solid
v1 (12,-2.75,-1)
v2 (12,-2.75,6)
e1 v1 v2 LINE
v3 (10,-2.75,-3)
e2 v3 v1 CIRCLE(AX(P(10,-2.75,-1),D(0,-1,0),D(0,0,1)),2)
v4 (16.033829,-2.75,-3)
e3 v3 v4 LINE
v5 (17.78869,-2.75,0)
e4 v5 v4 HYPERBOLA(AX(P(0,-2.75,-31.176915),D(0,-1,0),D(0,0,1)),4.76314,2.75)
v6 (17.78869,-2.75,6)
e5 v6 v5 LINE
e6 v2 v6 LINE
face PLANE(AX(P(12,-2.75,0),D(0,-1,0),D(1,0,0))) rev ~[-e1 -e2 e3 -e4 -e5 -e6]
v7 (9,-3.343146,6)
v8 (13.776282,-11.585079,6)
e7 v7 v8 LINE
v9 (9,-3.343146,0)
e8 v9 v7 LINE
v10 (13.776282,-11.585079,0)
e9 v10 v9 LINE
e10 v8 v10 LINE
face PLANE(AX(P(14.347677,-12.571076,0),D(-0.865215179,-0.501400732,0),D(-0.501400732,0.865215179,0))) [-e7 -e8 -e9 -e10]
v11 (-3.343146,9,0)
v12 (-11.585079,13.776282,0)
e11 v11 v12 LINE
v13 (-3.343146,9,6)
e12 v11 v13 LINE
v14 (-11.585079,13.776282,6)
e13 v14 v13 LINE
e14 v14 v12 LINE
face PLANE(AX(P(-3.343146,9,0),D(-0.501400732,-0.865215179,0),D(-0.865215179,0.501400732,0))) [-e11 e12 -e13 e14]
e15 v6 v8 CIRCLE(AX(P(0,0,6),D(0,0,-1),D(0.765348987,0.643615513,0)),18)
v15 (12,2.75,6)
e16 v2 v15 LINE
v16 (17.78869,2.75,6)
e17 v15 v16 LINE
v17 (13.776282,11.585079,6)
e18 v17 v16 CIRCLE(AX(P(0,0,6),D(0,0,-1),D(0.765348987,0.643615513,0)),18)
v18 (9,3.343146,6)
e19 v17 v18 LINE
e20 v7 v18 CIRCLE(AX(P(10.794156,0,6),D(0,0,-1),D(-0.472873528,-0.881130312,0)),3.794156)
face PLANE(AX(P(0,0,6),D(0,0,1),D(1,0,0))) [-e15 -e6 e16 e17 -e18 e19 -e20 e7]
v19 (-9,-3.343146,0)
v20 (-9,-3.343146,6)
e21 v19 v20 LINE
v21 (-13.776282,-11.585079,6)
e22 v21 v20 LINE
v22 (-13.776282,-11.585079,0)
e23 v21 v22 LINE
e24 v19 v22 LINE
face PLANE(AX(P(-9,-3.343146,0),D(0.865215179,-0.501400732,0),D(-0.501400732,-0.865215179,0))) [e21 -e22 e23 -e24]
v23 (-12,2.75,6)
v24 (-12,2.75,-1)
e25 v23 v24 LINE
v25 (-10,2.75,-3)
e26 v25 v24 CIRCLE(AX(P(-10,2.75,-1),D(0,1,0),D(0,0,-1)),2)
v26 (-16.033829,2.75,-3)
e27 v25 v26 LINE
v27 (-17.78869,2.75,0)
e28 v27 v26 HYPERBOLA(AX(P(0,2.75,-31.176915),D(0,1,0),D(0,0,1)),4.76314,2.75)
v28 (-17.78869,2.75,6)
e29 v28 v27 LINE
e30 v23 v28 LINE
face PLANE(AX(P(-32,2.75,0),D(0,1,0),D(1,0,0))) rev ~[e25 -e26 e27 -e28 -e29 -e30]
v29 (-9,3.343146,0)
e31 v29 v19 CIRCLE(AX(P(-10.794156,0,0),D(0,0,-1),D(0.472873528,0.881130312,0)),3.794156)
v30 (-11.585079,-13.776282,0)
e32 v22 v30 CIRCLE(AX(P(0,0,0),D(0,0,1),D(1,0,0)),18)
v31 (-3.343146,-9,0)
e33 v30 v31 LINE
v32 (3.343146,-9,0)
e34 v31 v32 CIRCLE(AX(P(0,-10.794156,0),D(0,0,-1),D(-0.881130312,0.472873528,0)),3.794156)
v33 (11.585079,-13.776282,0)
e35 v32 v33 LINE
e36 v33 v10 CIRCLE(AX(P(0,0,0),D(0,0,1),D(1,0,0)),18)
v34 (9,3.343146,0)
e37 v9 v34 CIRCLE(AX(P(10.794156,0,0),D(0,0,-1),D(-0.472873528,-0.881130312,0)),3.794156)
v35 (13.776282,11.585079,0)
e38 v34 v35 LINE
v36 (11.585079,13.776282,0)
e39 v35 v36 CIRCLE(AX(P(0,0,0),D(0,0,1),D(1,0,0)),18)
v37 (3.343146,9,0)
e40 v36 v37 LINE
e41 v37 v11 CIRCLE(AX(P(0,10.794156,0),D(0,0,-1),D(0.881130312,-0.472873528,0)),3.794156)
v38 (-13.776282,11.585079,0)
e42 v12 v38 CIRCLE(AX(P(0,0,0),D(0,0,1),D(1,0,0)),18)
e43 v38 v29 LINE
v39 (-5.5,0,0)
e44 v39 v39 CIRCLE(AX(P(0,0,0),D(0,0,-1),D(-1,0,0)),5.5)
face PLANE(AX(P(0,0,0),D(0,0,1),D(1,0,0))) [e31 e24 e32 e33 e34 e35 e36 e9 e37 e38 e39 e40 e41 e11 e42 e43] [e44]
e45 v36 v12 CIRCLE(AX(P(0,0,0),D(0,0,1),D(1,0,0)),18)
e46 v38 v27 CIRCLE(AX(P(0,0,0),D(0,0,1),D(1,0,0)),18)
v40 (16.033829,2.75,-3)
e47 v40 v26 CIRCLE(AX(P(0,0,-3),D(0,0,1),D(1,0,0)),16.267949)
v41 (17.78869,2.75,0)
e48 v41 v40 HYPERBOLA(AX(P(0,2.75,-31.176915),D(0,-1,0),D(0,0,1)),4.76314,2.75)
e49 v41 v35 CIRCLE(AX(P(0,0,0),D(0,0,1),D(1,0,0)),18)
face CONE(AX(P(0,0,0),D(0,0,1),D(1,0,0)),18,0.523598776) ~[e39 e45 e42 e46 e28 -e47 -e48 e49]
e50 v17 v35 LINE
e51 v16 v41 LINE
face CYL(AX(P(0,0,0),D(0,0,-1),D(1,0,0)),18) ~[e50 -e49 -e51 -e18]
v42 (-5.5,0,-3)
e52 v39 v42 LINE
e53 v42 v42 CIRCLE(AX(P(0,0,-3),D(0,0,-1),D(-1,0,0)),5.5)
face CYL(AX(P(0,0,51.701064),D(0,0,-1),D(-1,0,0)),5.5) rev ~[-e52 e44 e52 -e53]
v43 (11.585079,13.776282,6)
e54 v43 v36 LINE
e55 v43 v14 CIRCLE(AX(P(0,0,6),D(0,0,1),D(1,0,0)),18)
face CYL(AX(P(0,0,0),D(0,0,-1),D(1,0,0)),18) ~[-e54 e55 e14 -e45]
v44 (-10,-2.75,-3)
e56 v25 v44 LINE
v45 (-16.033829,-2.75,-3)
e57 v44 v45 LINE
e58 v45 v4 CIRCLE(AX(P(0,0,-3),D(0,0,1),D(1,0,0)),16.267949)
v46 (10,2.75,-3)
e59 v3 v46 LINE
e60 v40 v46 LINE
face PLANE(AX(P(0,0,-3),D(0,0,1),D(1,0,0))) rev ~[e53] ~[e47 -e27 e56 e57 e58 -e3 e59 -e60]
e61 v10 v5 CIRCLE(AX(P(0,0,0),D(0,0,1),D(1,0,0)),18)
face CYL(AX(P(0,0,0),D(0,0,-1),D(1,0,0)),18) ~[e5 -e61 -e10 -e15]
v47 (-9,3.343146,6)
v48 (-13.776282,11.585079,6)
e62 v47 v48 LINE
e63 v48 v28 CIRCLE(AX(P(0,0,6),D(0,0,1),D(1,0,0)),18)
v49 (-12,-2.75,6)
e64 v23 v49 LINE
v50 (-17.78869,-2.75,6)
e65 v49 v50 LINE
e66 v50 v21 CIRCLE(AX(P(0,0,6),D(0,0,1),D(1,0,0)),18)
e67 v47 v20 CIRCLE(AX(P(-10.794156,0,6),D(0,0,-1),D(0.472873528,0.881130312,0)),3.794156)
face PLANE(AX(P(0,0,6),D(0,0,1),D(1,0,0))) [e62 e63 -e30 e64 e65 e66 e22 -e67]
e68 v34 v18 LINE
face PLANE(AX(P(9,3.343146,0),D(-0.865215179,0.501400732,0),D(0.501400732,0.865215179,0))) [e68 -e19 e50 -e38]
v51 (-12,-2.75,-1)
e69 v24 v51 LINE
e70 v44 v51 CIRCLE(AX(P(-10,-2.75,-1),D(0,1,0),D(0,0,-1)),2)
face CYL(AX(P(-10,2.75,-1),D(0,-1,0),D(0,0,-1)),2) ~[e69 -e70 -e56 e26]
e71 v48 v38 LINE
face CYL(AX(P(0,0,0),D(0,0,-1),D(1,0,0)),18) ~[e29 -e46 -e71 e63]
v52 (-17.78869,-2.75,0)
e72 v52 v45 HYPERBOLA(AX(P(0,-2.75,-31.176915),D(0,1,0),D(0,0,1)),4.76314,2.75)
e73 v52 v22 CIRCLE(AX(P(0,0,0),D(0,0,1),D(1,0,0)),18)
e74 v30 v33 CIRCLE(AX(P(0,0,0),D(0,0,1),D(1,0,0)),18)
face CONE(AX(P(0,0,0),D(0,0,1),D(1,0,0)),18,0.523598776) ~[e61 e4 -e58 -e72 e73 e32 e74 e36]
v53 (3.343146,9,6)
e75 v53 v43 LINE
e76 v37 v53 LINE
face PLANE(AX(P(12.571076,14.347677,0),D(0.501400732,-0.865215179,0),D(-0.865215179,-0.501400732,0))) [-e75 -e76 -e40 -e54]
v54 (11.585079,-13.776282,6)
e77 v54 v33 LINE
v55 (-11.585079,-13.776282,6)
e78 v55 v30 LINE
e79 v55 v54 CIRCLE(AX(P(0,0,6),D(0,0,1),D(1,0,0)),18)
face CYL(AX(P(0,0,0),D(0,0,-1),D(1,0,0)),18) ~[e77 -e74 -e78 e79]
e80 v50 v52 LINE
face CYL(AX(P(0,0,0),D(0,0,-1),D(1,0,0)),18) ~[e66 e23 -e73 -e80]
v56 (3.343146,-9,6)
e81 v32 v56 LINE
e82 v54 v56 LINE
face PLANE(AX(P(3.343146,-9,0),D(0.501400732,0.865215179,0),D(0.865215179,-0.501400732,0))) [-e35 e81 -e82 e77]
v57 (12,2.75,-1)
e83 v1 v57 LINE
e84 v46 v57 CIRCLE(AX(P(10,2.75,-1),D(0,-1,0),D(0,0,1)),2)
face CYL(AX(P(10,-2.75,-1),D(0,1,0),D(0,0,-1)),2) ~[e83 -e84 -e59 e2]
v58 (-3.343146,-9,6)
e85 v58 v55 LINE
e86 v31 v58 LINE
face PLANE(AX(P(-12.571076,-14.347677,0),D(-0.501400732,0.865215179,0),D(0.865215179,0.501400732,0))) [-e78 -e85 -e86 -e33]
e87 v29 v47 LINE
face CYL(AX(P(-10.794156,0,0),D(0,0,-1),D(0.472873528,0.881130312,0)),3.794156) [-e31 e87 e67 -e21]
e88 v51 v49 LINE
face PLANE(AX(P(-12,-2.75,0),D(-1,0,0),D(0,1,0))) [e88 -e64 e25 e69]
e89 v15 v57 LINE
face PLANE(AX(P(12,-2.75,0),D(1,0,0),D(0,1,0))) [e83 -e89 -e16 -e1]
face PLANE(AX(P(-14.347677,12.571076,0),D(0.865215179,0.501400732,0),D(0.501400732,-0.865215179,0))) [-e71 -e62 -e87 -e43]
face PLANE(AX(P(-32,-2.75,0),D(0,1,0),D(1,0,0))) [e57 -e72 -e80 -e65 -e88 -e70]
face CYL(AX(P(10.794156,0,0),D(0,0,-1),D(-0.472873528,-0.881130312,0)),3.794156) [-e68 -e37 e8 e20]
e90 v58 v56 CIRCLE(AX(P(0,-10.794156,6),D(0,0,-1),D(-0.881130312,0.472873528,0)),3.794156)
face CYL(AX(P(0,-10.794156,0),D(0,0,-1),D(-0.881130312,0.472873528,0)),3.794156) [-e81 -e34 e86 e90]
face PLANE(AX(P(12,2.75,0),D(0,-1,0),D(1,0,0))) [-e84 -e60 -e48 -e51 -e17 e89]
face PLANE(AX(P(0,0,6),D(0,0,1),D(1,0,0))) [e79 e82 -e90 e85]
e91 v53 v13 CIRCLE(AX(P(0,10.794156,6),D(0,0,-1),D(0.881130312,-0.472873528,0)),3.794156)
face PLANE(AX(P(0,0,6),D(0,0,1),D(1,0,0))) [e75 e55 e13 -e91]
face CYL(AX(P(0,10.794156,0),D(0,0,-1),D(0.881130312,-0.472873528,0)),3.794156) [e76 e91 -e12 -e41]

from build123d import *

# Parameters (mm, degrees)
F0_R          = 18
F1_DEPTH      = 6
F1_DEPTH_BACK = 3
F1_TAPER_BACK = 30
F3_DEPTH      = 6.001
F5_D          = 11
F6_W          = 20
F6_H          = 5.5
F7_DEPTH      = 12.5
F8_R          = 2


with BuildPart() as f1:
    # F0 (on Top) → F1 (new body, two sides)
    with BuildSketch(Plane.XY) as f1_sk:
        Circle(F0_R)
    extrude(amount=F1_DEPTH)
    extrude(f1_sk.sketch, amount=-F1_DEPTH_BACK, taper=F1_TAPER_BACK)

    # F2 (on Top) → F3 (cut, through all)
    with BuildSketch(Plane.XY):
        with BuildLine():
            Line((-3.3431457505, 9), (-12.571075856, 14.3476765405))
            ThreePointArc((-12.571075856, 14.3476765405), (-14.1421356237, 14.1421356237), (-14.3476765405, 12.571075856))
            Line((-14.3476765405, 12.571075856), (-9, 3.3431457505))
            ThreePointArc((-9, 3.3431457505), (-7, 0), (-9, -3.3431457505))
            Line((-9, -3.3431457505), (-14.3476765405, -12.571075856))
            ThreePointArc((-14.3476765405, -12.571075856), (-14.1421356237, -14.1421356237), (-12.571075856, -14.3476765405))
            Line((-12.571075856, -14.3476765405), (-3.3431457505, -9))
            ThreePointArc((-3.3431457505, -9), (0, -7), (3.3431457505, -9))
            Line((3.3431457505, -9), (12.571075856, -14.3476765405))
            ThreePointArc((12.571075856, -14.3476765405), (14.1421356237, -14.1421356237), (14.3476765405, -12.571075856))
            Line((14.3476765405, -12.571075856), (9, -3.3431457505))
            ThreePointArc((9, -3.3431457505), (7, 0), (9, 3.3431457505))
            Line((9, 3.3431457505), (14.3476765405, 12.571075856))
            ThreePointArc((14.3476765405, 12.571075856), (14.1421356237, 14.1421356237), (12.571075856, 14.3476765405))
            Line((12.571075856, 14.3476765405), (3.3431457505, 9))
            ThreePointArc((3.3431457505, 9), (0, 7), (-3.3431457505, 9))
        make_face()
    extrude(amount=F3_DEPTH, mode=Mode.SUBTRACT)

    # F5 (through all)
    with Locations(Plane.XY):
        with Locations((0, 0)):
            Hole(F5_D / 2)

    # F6 (on Top) → F7 (cut, symmetric)
    with BuildSketch(Plane.XY):
        with Locations((-22, 0)):
            Rectangle(F6_W, F6_H)
        with Locations((22, 0)):
            Rectangle(F6_W, F6_H)
    extrude(amount=F7_DEPTH, both=True, mode=Mode.SUBTRACT)

    # F8
    f8_edges = [f1.edges().sort_by_distance(p)[0] for p in [
        (-12, 0, -3),
        (12, 0, -3),
    ]]
    fillet(f8_edges, radius=F8_R)


solid = f1.part
